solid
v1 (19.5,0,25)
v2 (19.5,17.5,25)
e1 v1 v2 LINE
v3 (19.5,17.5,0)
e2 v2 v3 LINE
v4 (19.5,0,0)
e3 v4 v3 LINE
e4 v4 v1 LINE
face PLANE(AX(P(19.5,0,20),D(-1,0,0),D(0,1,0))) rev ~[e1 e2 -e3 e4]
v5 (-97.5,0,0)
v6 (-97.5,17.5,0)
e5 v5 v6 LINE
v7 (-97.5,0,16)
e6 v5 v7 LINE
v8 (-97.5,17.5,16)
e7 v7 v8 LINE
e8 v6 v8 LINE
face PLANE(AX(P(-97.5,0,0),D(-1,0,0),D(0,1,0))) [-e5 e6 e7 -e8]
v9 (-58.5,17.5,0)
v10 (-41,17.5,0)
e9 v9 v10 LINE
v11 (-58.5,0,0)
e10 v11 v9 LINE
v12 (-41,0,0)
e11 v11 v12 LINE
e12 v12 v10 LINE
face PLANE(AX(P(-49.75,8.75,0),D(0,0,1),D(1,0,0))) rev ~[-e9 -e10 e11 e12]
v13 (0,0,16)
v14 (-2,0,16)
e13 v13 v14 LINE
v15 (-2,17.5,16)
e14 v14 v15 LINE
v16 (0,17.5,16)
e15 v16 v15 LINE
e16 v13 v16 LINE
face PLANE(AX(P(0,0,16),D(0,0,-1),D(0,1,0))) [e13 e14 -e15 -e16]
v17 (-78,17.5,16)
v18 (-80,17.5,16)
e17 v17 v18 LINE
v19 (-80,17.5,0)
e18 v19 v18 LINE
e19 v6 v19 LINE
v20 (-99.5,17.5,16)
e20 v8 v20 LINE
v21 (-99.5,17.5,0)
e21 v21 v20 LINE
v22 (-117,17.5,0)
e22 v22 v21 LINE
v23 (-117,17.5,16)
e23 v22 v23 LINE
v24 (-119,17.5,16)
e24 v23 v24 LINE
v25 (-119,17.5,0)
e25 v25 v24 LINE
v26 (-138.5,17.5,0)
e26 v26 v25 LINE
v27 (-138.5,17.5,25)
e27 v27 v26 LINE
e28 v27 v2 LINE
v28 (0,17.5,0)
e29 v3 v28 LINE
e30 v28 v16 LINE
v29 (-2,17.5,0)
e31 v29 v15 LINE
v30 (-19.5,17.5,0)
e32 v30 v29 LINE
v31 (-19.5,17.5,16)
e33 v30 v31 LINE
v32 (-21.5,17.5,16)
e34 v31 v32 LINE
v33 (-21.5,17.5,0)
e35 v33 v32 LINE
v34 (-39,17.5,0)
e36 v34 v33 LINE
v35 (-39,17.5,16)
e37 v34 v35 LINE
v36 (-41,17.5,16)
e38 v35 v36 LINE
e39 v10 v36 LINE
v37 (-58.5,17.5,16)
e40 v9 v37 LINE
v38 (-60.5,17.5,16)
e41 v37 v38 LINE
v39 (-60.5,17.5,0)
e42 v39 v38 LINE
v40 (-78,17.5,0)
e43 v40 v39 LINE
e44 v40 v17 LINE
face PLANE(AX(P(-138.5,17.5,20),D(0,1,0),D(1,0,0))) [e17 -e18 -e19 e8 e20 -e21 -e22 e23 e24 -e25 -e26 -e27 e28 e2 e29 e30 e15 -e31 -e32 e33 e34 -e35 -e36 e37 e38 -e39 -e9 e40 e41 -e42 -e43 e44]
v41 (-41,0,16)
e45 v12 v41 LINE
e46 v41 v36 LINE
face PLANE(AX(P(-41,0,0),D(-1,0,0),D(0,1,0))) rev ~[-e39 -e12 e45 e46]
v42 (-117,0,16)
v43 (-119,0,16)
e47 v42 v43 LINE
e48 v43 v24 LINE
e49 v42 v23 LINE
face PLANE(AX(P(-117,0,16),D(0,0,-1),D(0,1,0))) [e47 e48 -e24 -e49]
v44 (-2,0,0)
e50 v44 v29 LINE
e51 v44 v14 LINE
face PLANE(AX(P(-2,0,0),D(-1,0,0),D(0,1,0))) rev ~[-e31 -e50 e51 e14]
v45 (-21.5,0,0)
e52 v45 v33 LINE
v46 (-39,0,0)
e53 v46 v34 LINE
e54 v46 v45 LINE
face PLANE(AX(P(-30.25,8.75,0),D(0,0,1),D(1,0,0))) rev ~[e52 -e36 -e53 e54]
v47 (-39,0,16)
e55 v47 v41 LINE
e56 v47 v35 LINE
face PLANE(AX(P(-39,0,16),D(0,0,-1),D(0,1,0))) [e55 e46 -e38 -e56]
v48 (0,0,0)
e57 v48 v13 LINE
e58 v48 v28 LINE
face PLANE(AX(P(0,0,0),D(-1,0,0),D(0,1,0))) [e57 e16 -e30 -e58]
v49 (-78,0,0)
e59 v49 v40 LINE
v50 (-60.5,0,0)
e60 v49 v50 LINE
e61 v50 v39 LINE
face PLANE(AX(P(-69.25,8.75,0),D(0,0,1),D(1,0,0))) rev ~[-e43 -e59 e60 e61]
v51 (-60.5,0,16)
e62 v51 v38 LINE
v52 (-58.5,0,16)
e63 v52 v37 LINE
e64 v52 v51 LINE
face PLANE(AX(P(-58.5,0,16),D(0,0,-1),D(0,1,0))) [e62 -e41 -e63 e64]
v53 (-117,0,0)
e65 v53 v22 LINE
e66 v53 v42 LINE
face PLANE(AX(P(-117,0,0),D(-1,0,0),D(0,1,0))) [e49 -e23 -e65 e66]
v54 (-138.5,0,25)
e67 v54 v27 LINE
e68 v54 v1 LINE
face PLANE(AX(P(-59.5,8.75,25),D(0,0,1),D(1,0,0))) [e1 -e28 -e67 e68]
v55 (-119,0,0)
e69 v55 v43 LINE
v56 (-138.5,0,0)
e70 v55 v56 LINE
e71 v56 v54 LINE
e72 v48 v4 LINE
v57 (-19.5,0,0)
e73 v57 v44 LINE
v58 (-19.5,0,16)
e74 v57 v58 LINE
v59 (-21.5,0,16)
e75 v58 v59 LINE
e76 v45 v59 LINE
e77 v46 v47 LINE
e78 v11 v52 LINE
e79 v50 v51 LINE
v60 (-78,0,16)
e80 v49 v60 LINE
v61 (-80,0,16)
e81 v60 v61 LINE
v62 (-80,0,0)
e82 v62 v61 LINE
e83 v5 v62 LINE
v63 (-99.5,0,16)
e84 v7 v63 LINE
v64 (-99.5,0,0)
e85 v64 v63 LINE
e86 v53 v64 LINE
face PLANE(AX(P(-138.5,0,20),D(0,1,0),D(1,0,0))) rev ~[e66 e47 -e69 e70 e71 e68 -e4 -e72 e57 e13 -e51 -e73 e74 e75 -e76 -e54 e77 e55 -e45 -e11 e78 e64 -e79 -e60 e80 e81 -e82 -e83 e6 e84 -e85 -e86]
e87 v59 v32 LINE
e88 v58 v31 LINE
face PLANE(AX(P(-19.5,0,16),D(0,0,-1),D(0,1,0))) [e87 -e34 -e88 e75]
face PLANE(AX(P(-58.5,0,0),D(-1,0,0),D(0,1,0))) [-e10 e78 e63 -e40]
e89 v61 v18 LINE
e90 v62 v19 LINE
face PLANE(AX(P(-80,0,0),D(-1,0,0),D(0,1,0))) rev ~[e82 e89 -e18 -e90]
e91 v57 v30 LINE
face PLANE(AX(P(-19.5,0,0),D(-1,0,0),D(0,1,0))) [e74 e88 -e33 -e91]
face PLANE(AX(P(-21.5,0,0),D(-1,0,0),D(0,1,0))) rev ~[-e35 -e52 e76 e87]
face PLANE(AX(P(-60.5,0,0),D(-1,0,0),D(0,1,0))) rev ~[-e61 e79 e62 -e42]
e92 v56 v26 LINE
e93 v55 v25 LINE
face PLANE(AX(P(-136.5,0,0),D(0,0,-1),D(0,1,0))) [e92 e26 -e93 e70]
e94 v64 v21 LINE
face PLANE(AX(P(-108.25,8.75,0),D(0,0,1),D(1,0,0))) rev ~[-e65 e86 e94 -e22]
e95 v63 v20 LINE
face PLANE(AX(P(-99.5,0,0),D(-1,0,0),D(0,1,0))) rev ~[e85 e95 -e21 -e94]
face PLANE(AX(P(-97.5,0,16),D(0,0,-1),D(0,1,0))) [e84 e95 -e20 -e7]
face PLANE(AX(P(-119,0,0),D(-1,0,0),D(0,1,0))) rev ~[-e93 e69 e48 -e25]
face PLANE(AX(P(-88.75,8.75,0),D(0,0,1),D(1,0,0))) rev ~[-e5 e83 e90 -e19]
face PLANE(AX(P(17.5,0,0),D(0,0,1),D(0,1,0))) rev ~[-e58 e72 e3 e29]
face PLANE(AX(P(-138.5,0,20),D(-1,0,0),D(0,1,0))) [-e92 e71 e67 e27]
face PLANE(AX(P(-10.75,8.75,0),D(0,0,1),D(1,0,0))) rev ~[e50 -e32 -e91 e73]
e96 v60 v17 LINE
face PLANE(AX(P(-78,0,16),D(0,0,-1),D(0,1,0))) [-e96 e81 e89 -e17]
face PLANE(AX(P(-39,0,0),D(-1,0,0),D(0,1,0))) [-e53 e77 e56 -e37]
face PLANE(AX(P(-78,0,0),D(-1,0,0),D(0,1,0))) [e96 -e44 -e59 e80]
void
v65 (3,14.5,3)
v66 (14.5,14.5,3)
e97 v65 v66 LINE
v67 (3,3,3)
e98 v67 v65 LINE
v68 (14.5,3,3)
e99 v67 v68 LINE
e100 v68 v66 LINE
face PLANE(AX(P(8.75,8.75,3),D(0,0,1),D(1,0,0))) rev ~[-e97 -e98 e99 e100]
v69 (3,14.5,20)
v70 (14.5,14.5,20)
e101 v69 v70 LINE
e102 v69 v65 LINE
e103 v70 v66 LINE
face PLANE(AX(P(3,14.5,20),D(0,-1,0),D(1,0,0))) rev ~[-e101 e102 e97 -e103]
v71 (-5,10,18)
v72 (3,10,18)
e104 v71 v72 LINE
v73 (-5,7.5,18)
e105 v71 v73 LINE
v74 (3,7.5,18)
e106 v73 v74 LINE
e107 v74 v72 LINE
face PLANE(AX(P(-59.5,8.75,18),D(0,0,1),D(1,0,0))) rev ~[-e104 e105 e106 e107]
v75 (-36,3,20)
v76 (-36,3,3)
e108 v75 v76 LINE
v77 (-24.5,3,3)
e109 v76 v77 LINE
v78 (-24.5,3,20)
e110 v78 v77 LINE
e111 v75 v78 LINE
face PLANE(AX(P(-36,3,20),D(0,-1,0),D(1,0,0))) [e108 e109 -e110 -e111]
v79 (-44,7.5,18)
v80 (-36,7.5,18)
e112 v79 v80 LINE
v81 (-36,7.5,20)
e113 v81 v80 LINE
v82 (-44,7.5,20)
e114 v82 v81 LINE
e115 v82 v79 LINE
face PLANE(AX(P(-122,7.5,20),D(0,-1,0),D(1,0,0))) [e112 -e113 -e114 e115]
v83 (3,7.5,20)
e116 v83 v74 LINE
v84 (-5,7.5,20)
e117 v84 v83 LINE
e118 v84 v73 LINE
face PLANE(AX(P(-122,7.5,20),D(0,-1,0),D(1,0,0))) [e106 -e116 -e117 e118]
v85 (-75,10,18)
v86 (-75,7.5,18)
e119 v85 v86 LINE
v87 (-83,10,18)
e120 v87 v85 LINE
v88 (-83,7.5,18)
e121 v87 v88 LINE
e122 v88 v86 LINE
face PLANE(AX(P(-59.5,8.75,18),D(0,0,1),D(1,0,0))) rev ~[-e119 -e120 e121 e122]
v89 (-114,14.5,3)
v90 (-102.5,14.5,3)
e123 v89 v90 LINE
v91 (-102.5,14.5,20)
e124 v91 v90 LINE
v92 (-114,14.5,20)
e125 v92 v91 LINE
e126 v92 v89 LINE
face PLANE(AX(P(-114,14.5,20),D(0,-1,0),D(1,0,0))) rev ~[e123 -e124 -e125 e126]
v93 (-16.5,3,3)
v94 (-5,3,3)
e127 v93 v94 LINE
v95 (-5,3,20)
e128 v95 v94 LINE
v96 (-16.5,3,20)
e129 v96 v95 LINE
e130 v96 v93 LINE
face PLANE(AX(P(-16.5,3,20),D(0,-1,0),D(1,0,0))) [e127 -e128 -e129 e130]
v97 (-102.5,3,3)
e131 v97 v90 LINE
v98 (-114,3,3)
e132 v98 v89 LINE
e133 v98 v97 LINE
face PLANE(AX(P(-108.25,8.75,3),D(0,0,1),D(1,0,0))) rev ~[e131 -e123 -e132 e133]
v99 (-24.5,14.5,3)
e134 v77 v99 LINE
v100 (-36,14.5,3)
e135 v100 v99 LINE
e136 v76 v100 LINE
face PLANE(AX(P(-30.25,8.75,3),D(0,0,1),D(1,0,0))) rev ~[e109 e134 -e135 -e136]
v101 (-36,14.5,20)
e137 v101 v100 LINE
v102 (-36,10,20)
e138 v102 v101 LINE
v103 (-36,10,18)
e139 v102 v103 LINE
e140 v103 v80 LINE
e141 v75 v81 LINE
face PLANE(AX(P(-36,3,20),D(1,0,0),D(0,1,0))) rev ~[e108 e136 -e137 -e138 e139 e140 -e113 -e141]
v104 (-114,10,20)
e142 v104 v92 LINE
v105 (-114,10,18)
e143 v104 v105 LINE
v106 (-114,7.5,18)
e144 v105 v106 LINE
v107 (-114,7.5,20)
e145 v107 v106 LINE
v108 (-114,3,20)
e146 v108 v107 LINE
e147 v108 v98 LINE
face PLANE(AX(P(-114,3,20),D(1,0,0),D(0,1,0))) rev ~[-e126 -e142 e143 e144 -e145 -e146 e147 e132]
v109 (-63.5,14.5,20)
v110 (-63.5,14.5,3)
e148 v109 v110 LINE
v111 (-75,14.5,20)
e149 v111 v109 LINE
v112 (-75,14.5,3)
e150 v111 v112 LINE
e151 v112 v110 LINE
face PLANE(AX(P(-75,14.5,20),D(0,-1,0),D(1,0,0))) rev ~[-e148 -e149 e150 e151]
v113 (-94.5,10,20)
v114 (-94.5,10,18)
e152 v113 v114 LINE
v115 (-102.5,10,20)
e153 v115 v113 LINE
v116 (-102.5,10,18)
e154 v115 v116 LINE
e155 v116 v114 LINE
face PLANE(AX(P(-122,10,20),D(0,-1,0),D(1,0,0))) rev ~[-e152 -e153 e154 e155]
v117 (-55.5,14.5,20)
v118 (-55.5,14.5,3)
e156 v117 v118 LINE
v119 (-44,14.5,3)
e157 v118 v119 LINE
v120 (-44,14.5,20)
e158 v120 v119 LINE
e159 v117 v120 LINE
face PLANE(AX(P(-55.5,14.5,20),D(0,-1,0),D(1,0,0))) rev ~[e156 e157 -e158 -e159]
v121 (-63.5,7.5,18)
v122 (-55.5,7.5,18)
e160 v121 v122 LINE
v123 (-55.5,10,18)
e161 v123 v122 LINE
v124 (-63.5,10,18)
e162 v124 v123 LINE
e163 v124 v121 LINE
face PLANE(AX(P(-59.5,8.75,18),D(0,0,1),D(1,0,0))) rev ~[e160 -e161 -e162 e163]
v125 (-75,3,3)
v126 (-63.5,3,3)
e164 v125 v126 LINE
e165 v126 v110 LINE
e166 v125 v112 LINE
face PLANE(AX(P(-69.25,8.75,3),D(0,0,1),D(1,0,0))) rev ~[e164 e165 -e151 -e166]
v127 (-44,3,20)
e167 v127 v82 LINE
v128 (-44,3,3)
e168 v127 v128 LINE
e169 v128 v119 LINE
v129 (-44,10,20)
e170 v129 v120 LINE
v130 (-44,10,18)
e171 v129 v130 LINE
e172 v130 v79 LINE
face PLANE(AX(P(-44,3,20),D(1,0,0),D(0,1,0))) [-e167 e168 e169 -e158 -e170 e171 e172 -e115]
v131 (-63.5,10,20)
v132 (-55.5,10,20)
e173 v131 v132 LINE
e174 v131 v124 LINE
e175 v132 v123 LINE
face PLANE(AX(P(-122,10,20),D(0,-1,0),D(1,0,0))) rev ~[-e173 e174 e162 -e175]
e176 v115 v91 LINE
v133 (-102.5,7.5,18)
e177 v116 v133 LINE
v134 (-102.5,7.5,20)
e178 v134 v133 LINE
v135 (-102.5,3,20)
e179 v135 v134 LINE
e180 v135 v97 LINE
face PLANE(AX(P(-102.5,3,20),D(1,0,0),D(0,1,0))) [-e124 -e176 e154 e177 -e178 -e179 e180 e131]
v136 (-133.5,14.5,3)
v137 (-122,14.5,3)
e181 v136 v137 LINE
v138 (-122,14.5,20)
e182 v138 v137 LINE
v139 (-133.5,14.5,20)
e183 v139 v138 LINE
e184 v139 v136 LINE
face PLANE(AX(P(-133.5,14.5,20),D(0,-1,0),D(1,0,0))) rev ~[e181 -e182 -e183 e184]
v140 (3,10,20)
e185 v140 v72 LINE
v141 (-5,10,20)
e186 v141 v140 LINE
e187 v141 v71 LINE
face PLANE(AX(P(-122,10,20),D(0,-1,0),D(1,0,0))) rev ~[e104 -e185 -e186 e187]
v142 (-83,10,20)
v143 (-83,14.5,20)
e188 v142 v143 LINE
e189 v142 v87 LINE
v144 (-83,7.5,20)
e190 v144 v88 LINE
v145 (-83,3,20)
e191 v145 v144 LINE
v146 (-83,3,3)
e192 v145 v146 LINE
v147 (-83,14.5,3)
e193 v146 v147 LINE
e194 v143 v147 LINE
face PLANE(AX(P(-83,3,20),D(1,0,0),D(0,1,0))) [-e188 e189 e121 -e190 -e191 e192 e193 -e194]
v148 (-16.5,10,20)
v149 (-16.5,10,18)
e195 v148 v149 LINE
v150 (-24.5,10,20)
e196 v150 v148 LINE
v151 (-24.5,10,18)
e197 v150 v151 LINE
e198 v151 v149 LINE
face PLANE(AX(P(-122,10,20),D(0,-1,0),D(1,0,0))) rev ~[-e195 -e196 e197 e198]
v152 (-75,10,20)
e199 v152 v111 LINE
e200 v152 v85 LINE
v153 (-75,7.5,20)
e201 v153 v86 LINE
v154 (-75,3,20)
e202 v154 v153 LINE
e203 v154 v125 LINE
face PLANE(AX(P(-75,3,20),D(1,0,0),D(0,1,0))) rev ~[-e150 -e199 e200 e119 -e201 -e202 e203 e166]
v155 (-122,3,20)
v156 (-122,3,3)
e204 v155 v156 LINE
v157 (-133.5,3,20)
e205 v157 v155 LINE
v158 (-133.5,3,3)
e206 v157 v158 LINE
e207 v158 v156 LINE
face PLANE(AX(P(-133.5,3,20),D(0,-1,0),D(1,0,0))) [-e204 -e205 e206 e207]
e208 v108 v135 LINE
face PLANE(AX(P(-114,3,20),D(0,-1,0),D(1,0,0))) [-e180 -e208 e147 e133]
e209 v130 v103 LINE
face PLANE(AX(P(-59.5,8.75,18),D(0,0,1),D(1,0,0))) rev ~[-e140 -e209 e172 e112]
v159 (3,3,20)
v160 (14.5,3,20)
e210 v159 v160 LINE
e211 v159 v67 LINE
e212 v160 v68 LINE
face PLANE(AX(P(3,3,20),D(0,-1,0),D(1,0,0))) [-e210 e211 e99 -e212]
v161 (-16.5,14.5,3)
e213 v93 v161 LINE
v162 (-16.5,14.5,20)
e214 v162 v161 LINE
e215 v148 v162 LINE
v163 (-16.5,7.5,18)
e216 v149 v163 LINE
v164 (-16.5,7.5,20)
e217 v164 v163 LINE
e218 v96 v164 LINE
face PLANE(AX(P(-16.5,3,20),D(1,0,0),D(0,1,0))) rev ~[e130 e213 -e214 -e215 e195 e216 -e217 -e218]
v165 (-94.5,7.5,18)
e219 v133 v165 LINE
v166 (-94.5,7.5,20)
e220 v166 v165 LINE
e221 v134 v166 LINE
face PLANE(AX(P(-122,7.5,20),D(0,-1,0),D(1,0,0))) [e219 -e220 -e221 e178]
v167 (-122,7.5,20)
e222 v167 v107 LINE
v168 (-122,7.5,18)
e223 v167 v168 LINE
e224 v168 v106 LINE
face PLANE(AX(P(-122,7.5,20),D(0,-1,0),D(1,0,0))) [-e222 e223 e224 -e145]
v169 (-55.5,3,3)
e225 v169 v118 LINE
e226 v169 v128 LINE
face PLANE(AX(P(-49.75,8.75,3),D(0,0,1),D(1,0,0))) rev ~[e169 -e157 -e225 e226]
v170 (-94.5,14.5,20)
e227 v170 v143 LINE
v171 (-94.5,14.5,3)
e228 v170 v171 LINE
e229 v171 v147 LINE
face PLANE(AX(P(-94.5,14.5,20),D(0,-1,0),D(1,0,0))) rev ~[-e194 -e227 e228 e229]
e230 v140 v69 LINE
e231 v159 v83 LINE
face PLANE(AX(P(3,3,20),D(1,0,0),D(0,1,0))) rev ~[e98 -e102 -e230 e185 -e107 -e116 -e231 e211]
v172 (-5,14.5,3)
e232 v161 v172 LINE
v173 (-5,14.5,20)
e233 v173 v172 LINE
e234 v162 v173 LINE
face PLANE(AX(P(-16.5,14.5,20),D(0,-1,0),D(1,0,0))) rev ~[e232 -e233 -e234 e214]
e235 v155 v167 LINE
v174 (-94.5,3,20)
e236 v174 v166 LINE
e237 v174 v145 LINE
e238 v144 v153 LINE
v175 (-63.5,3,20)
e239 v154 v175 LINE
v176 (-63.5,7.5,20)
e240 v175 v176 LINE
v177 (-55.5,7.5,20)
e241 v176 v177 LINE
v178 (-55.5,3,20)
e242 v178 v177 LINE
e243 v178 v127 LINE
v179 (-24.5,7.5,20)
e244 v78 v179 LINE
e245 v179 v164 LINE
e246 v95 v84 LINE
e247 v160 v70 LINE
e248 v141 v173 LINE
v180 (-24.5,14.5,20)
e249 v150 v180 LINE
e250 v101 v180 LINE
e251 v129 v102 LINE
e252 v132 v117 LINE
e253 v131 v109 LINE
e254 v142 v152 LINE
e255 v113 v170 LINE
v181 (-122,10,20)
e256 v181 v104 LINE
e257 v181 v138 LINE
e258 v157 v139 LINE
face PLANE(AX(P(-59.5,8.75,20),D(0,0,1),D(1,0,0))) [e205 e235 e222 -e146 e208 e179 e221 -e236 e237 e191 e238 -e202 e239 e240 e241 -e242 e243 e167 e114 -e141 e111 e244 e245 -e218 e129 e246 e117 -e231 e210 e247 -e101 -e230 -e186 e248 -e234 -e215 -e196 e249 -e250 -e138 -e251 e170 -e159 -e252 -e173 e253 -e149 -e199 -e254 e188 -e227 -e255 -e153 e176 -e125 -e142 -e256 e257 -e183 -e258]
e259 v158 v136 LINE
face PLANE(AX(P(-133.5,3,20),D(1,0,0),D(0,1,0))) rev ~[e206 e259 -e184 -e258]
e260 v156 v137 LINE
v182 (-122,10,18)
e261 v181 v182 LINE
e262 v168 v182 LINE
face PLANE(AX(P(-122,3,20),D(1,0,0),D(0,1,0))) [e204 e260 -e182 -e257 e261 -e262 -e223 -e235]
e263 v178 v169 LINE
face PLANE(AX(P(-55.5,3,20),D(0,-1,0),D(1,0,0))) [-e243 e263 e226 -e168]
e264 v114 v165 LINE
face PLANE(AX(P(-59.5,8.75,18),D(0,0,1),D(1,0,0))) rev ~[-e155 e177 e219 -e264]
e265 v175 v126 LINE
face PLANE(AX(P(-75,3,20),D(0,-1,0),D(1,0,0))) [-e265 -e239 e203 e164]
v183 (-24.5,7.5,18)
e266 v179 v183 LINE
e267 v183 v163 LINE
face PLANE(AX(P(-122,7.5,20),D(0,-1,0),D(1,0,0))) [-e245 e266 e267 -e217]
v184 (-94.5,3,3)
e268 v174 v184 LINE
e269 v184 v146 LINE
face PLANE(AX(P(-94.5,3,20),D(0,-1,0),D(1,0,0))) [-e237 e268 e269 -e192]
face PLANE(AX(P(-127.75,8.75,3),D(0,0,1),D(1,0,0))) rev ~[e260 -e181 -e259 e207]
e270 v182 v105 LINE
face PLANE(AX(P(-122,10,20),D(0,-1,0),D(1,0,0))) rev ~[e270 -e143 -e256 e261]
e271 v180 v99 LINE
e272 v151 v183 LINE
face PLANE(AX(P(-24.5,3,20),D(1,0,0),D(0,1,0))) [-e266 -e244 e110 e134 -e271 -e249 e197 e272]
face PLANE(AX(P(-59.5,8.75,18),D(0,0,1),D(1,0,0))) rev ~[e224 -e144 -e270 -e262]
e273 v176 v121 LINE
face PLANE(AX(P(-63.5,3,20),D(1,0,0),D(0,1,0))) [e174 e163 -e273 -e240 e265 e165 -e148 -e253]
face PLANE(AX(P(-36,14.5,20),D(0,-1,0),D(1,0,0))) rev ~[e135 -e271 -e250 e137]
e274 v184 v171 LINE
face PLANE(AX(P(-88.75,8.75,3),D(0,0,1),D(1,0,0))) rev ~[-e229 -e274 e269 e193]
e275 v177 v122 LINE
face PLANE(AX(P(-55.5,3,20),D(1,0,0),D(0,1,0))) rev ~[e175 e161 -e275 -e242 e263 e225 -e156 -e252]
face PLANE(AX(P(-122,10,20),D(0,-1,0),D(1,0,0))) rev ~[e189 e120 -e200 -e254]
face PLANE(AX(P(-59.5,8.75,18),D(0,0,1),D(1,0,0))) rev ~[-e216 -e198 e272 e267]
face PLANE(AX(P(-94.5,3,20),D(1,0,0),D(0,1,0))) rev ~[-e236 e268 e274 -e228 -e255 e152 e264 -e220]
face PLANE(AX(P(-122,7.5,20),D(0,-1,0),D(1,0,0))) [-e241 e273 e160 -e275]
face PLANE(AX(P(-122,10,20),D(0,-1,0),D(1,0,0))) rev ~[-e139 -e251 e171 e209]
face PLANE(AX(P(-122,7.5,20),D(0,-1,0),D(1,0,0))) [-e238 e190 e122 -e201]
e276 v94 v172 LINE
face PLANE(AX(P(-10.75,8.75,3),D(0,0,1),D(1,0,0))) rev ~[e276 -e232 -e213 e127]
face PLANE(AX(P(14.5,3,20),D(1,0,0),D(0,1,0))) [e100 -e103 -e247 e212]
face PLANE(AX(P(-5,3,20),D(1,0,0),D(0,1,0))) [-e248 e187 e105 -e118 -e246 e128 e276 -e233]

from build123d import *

# Parameters (mm, degrees)
SKETCH1_W           = 17.5
SKETCH1_H           = 17.5
BOSS_EXTRUDE1_DEPTH = 20
SKETCH2_W           = 11.5
SKETCH2_H           = 11.5
CUT_EXTRUDE1_DEPTH  = 17
SKETCH4_W           = 4
SKETCH4_H           = 17.5
BOSS_EXTRUDE2_DEPTH = 2
LPATTERN1_COUNT     = 8
LPATTERN1_PITCH     = 19.5
SKETCH5_W           = 16
SKETCH5_H           = 17.5
BOSS_EXTRUDE3_DEPTH = 2
SKETCH6_W           = 20
SKETCH6_H           = 17.5
BOSS_EXTRUDE4_DEPTH = 2
SKETCH7_W           = 125
SKETCH7_H           = 2.5
CUT_EXTRUDE2_DEPTH  = 2
SKETCH8_W           = 156
SKETCH8_H           = 15.5
SKETCH8_W_2         = 152.631082986
SKETCH8_H_2         = 13.5
BOSS_EXTRUDE5_DEPTH = 2
SKETCH9_W           = 156
SKETCH9_H           = 15.5
BOSS_EXTRUDE6_DEPTH = 2
SKETCH10_W          = 158
SKETCH10_H          = 17.5
BOSS_EXTRUDE7_DEPTH = 5


with BuildPart() as part:
    # Sketch1 → Boss-Extrude1 (new body)
    with BuildSketch(Plane.XY):
        with Locations((8.75, 8.75)):
            Rectangle(SKETCH1_W, SKETCH1_H)
    extrude(amount=BOSS_EXTRUDE1_DEPTH)

    # Sketch2 → Cut-Extrude1 (cut)
    with BuildSketch(Plane.XY.offset(20)):
        with Locations((8.75, 8.75)):
            Rectangle(SKETCH2_W, SKETCH2_H)
    extrude(amount=-CUT_EXTRUDE1_DEPTH, mode=Mode.SUBTRACT)

    # Sketch4 → Boss-Extrude2 (add)
    with BuildSketch(Plane.ZY):
        with Locations((18, 8.75)):
            Rectangle(SKETCH4_W, SKETCH4_H)
    extrude(amount=BOSS_EXTRUDE2_DEPTH)


with BuildPart() as lpattern1_1:
    # LPattern1: pattern copy
    add(part.part.moved(Location(Vector(-1, 0, 0) * (1 * LPATTERN1_PITCH))))


with BuildPart() as lpattern1_2:
    # LPattern1: pattern copy
    add(part.part.moved(Location(Vector(-1, 0, 0) * (2 * LPATTERN1_PITCH))))


with BuildPart() as lpattern1_3:
    # LPattern1: pattern copy
    add(part.part.moved(Location(Vector(-1, 0, 0) * (3 * LPATTERN1_PITCH))))


with BuildPart() as lpattern1_4:
    # LPattern1: pattern copy
    add(part.part.moved(Location(Vector(-1, 0, 0) * (4 * LPATTERN1_PITCH))))


with BuildPart() as lpattern1_5:
    # LPattern1: pattern copy
    add(part.part.moved(Location(Vector(-1, 0, 0) * (5 * LPATTERN1_PITCH))))


with BuildPart() as lpattern1_6:
    # LPattern1: pattern copy
    add(part.part.moved(Location(Vector(-1, 0, 0) * (6 * LPATTERN1_PITCH))))


with BuildPart() as lpattern1_7:
    # LPattern1: pattern copy
    add(part.part.moved(Location(Vector(-1, 0, 0) * (7 * LPATTERN1_PITCH))))


with BuildPart() as lpattern1_4_1:
    add(lpattern1_4.part)

    # Combine1: union LPattern1_5, LPattern1_6, LPattern1_7, LPattern1_1, LPattern1_2, part, LPattern1_3
    add(lpattern1_5.part)
    add(lpattern1_6.part)
    add(lpattern1_7.part)
    add(lpattern1_1.part)
    add(lpattern1_2.part)
    add(part.part)
    add(lpattern1_3.part)

    # Sketch5 → Boss-Extrude3 (add)
    with BuildSketch(Plane.ZY.offset(136.5)):
        with Locations((8, 8.75)):
            Rectangle(SKETCH5_W, SKETCH5_H)
    extrude(amount=BOSS_EXTRUDE3_DEPTH)

    # Sketch6 → Boss-Extrude4 (add)
    with BuildSketch(Plane(origin=(17.5, 0, 0), x_dir=(0, 0, -1), z_dir=(1, 0, 0))):
        with Locations((-10, 8.75)):
            Rectangle(SKETCH6_W, SKETCH6_H)
    extrude(amount=BOSS_EXTRUDE4_DEPTH)

    # Sketch7 → Cut-Extrude2 (cut)
    with BuildSketch(Plane.XY.offset(20)):
        with Locations((-59.5, 8.75)):
            Rectangle(SKETCH7_W, SKETCH7_H)
    extrude(amount=-CUT_EXTRUDE2_DEPTH, mode=Mode.SUBTRACT)

    # Sketch8 → Boss-Extrude5 (add)
    with BuildSketch(Plane.XY.offset(20)):
        with Locations((-59.5, 8.75)):
            Rectangle(SKETCH8_W, SKETCH8_H)
        with Locations((-59.5, 8.75)):
            Rectangle(SKETCH8_W_2, SKETCH8_H_2, mode=Mode.SUBTRACT)
    extrude(amount=BOSS_EXTRUDE5_DEPTH)

    # Sketch9 → Boss-Extrude6 (add)
    with BuildSketch(Plane.XY.offset(20)):
        with Locations((-59.5, 8.75)):
            Rectangle(SKETCH9_W, SKETCH9_H)
    extrude(amount=BOSS_EXTRUDE6_DEPTH)

    # Sketch10 → Boss-Extrude7 (add)
    with BuildSketch(Plane.XY.offset(20)):
        with Locations((-59.5, 8.75)):
            Rectangle(SKETCH10_W, SKETCH10_H)
    extrude(amount=BOSS_EXTRUDE7_DEPTH)


solid = lpattern1_4_1.part
